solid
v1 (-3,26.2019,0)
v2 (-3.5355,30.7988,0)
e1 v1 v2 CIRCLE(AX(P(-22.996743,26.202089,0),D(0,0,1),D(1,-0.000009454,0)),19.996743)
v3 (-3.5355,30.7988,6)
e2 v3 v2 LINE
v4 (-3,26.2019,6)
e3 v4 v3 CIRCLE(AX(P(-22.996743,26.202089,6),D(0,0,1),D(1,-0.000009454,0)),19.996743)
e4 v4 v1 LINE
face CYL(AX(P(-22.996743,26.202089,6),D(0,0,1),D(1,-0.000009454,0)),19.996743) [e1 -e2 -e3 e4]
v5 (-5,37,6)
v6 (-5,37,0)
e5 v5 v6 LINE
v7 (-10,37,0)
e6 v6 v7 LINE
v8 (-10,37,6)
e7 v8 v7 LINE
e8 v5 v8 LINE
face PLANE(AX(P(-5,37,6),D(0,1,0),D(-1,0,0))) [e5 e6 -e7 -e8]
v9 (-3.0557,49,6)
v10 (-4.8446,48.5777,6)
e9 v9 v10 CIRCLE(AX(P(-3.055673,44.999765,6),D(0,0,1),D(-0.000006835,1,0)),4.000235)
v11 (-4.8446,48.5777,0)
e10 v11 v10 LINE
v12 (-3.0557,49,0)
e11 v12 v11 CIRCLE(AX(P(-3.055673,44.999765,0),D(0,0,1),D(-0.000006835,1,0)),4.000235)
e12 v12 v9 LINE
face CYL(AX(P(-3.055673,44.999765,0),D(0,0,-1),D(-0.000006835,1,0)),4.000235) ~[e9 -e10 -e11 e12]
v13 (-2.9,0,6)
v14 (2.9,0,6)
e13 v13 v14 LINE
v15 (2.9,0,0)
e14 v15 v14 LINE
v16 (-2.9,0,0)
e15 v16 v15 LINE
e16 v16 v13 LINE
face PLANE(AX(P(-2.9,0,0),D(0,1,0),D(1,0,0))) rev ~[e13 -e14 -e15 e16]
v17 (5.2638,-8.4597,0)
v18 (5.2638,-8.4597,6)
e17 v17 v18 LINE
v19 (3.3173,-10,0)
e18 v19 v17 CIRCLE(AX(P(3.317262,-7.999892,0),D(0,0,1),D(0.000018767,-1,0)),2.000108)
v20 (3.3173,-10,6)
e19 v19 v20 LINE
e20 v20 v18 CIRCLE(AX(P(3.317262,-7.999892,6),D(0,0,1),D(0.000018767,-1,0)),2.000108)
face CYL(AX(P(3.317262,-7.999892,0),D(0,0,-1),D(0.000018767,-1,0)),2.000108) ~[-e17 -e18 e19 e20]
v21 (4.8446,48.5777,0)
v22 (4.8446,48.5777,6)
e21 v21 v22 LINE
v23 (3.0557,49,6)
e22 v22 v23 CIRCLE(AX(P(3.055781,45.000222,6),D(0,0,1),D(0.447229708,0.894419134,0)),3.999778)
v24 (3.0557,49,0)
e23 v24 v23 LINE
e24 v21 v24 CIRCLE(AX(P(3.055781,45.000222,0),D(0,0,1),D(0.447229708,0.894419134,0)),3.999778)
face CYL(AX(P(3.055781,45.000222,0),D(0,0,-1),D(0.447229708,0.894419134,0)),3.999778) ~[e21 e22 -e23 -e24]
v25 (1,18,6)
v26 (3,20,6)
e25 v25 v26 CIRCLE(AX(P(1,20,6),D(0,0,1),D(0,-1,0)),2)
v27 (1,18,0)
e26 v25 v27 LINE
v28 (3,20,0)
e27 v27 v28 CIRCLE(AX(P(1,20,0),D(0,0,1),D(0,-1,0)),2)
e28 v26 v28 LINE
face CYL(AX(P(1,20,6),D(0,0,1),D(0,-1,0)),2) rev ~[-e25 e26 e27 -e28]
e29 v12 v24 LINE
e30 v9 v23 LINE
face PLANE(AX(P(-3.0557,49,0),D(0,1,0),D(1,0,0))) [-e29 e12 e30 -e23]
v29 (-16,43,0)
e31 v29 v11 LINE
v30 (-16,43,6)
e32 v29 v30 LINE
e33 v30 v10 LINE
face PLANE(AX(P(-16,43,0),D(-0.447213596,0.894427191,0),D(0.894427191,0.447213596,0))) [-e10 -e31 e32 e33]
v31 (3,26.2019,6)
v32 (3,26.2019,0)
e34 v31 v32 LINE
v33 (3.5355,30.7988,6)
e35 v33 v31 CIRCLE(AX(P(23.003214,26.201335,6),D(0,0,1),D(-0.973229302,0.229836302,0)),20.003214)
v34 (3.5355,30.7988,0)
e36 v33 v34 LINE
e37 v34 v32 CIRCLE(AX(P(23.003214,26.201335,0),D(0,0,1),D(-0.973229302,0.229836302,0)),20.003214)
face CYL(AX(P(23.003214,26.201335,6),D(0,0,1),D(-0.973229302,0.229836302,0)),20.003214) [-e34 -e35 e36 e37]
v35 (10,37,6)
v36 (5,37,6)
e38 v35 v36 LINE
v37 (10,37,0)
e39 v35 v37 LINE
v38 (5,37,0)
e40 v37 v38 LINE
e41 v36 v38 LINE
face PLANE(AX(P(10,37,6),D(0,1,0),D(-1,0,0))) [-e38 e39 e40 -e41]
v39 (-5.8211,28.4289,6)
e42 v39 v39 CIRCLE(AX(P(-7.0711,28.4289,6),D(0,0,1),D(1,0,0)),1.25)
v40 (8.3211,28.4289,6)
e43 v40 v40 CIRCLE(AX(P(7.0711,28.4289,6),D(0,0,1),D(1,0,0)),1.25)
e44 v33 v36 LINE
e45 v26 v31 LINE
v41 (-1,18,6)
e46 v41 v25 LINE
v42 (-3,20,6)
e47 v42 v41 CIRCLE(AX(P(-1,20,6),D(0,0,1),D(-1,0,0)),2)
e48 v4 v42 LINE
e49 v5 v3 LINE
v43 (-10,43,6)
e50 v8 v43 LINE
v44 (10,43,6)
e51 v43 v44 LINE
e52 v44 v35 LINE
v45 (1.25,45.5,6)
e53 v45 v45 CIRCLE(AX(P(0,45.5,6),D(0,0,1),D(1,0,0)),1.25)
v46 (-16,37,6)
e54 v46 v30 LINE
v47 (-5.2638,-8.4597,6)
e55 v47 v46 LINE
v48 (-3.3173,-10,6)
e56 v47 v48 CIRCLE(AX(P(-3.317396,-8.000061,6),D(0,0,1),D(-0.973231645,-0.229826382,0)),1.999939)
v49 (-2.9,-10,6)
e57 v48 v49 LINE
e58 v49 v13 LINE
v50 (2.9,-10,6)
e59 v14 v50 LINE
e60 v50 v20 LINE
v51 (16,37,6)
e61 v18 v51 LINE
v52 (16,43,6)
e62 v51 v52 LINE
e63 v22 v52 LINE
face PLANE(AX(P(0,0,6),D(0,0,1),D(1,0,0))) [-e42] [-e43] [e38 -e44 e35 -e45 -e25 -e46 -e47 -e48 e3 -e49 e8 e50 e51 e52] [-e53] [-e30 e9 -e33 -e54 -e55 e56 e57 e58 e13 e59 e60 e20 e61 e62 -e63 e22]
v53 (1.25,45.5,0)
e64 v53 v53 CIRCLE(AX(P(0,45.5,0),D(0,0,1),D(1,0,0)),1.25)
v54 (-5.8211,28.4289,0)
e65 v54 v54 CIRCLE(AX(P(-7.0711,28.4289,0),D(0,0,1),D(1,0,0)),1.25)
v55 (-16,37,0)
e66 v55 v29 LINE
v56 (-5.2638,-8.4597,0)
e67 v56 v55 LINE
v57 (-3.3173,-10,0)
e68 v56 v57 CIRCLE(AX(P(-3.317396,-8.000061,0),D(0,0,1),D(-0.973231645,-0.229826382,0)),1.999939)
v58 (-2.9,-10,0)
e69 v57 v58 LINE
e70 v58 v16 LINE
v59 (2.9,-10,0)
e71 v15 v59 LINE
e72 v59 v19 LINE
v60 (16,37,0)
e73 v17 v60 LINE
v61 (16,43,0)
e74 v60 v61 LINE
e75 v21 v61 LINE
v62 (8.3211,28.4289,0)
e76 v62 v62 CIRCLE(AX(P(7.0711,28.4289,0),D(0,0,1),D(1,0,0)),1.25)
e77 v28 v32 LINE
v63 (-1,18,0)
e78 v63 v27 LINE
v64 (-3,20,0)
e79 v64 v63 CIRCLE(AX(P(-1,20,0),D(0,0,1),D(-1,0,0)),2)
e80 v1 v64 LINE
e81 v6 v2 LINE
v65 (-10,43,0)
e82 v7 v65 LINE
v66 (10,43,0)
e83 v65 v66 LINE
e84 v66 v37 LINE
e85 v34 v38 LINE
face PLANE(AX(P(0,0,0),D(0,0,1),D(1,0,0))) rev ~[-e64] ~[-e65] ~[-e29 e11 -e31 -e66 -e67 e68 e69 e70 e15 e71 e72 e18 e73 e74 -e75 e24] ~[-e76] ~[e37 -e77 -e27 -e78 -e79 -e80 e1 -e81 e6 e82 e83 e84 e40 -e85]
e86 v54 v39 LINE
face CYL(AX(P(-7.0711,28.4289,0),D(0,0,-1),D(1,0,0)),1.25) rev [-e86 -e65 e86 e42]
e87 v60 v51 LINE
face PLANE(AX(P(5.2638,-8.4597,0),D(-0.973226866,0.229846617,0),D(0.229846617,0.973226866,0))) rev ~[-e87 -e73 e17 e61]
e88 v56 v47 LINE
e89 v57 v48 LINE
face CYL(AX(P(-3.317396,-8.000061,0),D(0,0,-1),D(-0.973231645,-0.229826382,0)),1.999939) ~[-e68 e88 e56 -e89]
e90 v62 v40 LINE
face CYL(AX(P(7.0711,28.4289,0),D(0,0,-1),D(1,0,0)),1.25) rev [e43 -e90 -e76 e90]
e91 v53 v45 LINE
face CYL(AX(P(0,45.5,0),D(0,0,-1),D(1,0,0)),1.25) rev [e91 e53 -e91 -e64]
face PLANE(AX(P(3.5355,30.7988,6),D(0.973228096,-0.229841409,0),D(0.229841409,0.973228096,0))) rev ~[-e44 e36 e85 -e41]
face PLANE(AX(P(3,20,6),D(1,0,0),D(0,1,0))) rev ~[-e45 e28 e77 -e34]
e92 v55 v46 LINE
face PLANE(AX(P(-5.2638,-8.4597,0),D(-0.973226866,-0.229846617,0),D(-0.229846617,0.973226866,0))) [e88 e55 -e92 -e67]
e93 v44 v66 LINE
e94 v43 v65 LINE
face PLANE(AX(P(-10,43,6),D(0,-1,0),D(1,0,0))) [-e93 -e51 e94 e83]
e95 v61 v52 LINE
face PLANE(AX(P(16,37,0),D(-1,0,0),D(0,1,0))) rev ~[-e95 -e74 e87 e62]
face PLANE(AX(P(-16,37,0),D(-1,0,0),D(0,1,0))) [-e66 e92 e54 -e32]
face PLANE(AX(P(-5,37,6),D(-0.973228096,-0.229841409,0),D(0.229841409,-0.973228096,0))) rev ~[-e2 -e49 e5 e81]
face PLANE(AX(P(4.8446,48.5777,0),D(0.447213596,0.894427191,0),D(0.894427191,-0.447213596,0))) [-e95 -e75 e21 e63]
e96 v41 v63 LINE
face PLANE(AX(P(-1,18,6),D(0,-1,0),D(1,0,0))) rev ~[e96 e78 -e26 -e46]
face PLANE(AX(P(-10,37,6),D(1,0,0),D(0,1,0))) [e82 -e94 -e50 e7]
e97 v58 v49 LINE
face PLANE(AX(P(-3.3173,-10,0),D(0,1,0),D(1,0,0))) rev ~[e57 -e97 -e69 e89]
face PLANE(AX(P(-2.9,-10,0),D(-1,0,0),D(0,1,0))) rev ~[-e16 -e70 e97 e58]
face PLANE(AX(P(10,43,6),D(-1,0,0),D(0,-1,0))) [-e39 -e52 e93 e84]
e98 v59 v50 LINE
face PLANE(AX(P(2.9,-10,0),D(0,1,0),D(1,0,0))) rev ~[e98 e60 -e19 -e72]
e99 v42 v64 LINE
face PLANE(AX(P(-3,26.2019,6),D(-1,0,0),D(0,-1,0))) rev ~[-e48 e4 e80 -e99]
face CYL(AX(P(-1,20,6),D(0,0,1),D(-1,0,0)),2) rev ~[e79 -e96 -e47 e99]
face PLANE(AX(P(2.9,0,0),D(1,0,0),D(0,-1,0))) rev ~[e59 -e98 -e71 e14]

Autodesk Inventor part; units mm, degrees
ref_plane "YZ Plane" through (0, 0, 0) normal (1, 0, 0) x (0, 1, 0)
ref_plane "XZ Plane" through (0, 0, 0) normal (0, 1, 0) x (-1, 0, 0)
ref_plane "XY Plane" through (0, 0, 0) normal (0, 0, 1) x (1, 0, 0)
sketch "Sketch1" plane through (0, 0, 0) normal (0, 0, 1) x (1, 0, 0)
  circle A0 centre (0, 35.5) radius 10 construction
  line L0 (-2.9, -10) -> (-2.9, 0)
  line L1 (-2.9, 0) -> (2.9, 0)
  line L2 (2.9, 0) -> (2.9, -10)
  line L3 (-3.3173, -10) -> (-2.9, -10)
  line L4 (2.9, -10) -> (3.3173, -10)
  circle A1 centre (-7.0711, 28.4289) radius 1.25
  circle A2 centre (7.0711, 28.4289) radius 1.25
  circle A3 centre (0, 45.5) radius 1.25
  line L5 (-16, 37) -> (-16, 43)
  line L6 (16, 37) -> (16, 43)
  line L7 (-5.2638, -8.4597) -> (-16, 37)
  line L8 (5.2638, -8.4597) -> (16, 37)
  line L9 (-16, 43) -> (-4.8446, 48.5777)
  line L10 (-3.0557, 49) -> (3.0557, 49)
  line L11 (4.8446, 48.5777) -> (16, 43)
  arc A4 (-3.0557, 49) -> (-4.8446, 48.5777) centre (-3.0557, 45) ccw
  arc A5 (4.8446, 48.5777) -> (3.0557, 49) centre (3.0557, 45) ccw
  line L12 (0, 49) -> (0, 0) construction
  line L13 (-7.0711, 28.4289) -> (0, 35.5) construction
  line L14 (0, 35.5) -> (7.0711, 28.4289) construction
  arc A6 (-5.2638, -8.4597) -> (-3.3173, -10) centre (-3.3173, -8) ccw
  arc A7 (3.3173, -10) -> (5.2638, -8.4597) centre (3.3173, -8) ccw
  circle A8 centre (0, 35.5) radius 15.25 construction
  point P0 (0, 43)
  point P1 (4.9, -10)
  point P2 (-4.9, -10)
  point P3 (0, 43)
  point P4 (-4, 49)
  point P5 (4, 49)
  dimension "d69" = 20
  dimension "d88" = 5.8
  dimension "d95" = 2
  dimension "d96" = 2
  dimension "d97" = 10
  dimension "d98" = 10
  dimension "d109" = 43
  dimension "d112" = 2.5
  dimension "d113" = 2.5
  dimension "d114" = 2.5
  dimension "d123" = 32
  dimension "d126" = 8
  dimension "d127" = 4
  dimension "d144" = 16
  dimension "d145" = 35.5
  dimension "d153" = 6
  dimension "d155" = 6
  dimension "d156" = 135
  dimension "d163" = 2
  dimension "d169" = 30.5
extrude "Extrusion7" add sketch "Sketch1" along normal blind 6
sketch "Sketch3" plane through (0, 0, 6) normal (0, 0, 1) x (1, 0, 0)
  line L0 (16, 37) -> (16, 43) projected
  line L1 (-16, 43) -> (-16, 37) projected
  line L2 (-10, 43) -> (10, 43)
  line L3 (10, 43) -> (10, 37)
  line L4 (-10, 37) -> (-10, 43)
  line L5 (10, 37) -> (5, 37)
  line L6 (-5, 37) -> (-10, 37)
  line L7 (5.2638, -8.4597) -> (16, 37) projected
  line L8 (-16, 37) -> (-5.2638, -8.4597) projected
  circle A0 centre (0, 45.5) radius 1.25 projected
  circle A1 centre (7.0711, 28.4289) radius 1.25 projected
  circle A2 centre (-7.0711, 28.4289) radius 1.25 projected
  line L9 (3.0557, 49) -> (-3.0557, 49) projected
  line L10 (0, 45.5) -> (0, 35.4997) construction
  line L11 (-7.0711, 28.4289) -> (0, 35.5003) construction
  line L12 (7.0711, 28.4289) -> (0, 35.4997) construction
  line L13 (-5, 37) -> (-3.5355, 30.7988)
  line L14 (-3, 26.2019) -> (-3, 20)
  line L15 (-1, 18) -> (1, 18)
  line L16 (3, 20) -> (3, 26.2019)
  line L17 (3.5355, 30.7988) -> (5, 37)
  arc A3 (-3, 26.2019) -> (-3.5355, 30.7988) centre (-23, 26.2019) ccw
  arc A4 (3.5355, 30.7988) -> (3, 26.2019) centre (23, 26.2019) ccw
  arc A5 (-3, 20) -> (-1, 18) centre (-1, 20) ccw
  arc A6 (1, 18) -> (3, 20) centre (1, 20) ccw
  point P0 (0, 0)
  point P1 (4.9, -10)
  point P2 (-4.9, -10)
  point P3 (0, 18)
  dimension "d132" = 6
  dimension "d134" = 6
  dimension "d135" = 6
  dimension "d148" = 5
  dimension "d149" = 5
  dimension "d157" = 25
  dimension "d160" = 6
  dimension "d161" = 20
  dimension "d162" = 2
extrude "Extrusion8" cut sketch "Sketch3" against normal through all contours L2 L3 L5 L17 A4 L16 A6 L15 A5 L14 A3 L13 L6 L4
properties part number "Vert Moto Mount skinny"
